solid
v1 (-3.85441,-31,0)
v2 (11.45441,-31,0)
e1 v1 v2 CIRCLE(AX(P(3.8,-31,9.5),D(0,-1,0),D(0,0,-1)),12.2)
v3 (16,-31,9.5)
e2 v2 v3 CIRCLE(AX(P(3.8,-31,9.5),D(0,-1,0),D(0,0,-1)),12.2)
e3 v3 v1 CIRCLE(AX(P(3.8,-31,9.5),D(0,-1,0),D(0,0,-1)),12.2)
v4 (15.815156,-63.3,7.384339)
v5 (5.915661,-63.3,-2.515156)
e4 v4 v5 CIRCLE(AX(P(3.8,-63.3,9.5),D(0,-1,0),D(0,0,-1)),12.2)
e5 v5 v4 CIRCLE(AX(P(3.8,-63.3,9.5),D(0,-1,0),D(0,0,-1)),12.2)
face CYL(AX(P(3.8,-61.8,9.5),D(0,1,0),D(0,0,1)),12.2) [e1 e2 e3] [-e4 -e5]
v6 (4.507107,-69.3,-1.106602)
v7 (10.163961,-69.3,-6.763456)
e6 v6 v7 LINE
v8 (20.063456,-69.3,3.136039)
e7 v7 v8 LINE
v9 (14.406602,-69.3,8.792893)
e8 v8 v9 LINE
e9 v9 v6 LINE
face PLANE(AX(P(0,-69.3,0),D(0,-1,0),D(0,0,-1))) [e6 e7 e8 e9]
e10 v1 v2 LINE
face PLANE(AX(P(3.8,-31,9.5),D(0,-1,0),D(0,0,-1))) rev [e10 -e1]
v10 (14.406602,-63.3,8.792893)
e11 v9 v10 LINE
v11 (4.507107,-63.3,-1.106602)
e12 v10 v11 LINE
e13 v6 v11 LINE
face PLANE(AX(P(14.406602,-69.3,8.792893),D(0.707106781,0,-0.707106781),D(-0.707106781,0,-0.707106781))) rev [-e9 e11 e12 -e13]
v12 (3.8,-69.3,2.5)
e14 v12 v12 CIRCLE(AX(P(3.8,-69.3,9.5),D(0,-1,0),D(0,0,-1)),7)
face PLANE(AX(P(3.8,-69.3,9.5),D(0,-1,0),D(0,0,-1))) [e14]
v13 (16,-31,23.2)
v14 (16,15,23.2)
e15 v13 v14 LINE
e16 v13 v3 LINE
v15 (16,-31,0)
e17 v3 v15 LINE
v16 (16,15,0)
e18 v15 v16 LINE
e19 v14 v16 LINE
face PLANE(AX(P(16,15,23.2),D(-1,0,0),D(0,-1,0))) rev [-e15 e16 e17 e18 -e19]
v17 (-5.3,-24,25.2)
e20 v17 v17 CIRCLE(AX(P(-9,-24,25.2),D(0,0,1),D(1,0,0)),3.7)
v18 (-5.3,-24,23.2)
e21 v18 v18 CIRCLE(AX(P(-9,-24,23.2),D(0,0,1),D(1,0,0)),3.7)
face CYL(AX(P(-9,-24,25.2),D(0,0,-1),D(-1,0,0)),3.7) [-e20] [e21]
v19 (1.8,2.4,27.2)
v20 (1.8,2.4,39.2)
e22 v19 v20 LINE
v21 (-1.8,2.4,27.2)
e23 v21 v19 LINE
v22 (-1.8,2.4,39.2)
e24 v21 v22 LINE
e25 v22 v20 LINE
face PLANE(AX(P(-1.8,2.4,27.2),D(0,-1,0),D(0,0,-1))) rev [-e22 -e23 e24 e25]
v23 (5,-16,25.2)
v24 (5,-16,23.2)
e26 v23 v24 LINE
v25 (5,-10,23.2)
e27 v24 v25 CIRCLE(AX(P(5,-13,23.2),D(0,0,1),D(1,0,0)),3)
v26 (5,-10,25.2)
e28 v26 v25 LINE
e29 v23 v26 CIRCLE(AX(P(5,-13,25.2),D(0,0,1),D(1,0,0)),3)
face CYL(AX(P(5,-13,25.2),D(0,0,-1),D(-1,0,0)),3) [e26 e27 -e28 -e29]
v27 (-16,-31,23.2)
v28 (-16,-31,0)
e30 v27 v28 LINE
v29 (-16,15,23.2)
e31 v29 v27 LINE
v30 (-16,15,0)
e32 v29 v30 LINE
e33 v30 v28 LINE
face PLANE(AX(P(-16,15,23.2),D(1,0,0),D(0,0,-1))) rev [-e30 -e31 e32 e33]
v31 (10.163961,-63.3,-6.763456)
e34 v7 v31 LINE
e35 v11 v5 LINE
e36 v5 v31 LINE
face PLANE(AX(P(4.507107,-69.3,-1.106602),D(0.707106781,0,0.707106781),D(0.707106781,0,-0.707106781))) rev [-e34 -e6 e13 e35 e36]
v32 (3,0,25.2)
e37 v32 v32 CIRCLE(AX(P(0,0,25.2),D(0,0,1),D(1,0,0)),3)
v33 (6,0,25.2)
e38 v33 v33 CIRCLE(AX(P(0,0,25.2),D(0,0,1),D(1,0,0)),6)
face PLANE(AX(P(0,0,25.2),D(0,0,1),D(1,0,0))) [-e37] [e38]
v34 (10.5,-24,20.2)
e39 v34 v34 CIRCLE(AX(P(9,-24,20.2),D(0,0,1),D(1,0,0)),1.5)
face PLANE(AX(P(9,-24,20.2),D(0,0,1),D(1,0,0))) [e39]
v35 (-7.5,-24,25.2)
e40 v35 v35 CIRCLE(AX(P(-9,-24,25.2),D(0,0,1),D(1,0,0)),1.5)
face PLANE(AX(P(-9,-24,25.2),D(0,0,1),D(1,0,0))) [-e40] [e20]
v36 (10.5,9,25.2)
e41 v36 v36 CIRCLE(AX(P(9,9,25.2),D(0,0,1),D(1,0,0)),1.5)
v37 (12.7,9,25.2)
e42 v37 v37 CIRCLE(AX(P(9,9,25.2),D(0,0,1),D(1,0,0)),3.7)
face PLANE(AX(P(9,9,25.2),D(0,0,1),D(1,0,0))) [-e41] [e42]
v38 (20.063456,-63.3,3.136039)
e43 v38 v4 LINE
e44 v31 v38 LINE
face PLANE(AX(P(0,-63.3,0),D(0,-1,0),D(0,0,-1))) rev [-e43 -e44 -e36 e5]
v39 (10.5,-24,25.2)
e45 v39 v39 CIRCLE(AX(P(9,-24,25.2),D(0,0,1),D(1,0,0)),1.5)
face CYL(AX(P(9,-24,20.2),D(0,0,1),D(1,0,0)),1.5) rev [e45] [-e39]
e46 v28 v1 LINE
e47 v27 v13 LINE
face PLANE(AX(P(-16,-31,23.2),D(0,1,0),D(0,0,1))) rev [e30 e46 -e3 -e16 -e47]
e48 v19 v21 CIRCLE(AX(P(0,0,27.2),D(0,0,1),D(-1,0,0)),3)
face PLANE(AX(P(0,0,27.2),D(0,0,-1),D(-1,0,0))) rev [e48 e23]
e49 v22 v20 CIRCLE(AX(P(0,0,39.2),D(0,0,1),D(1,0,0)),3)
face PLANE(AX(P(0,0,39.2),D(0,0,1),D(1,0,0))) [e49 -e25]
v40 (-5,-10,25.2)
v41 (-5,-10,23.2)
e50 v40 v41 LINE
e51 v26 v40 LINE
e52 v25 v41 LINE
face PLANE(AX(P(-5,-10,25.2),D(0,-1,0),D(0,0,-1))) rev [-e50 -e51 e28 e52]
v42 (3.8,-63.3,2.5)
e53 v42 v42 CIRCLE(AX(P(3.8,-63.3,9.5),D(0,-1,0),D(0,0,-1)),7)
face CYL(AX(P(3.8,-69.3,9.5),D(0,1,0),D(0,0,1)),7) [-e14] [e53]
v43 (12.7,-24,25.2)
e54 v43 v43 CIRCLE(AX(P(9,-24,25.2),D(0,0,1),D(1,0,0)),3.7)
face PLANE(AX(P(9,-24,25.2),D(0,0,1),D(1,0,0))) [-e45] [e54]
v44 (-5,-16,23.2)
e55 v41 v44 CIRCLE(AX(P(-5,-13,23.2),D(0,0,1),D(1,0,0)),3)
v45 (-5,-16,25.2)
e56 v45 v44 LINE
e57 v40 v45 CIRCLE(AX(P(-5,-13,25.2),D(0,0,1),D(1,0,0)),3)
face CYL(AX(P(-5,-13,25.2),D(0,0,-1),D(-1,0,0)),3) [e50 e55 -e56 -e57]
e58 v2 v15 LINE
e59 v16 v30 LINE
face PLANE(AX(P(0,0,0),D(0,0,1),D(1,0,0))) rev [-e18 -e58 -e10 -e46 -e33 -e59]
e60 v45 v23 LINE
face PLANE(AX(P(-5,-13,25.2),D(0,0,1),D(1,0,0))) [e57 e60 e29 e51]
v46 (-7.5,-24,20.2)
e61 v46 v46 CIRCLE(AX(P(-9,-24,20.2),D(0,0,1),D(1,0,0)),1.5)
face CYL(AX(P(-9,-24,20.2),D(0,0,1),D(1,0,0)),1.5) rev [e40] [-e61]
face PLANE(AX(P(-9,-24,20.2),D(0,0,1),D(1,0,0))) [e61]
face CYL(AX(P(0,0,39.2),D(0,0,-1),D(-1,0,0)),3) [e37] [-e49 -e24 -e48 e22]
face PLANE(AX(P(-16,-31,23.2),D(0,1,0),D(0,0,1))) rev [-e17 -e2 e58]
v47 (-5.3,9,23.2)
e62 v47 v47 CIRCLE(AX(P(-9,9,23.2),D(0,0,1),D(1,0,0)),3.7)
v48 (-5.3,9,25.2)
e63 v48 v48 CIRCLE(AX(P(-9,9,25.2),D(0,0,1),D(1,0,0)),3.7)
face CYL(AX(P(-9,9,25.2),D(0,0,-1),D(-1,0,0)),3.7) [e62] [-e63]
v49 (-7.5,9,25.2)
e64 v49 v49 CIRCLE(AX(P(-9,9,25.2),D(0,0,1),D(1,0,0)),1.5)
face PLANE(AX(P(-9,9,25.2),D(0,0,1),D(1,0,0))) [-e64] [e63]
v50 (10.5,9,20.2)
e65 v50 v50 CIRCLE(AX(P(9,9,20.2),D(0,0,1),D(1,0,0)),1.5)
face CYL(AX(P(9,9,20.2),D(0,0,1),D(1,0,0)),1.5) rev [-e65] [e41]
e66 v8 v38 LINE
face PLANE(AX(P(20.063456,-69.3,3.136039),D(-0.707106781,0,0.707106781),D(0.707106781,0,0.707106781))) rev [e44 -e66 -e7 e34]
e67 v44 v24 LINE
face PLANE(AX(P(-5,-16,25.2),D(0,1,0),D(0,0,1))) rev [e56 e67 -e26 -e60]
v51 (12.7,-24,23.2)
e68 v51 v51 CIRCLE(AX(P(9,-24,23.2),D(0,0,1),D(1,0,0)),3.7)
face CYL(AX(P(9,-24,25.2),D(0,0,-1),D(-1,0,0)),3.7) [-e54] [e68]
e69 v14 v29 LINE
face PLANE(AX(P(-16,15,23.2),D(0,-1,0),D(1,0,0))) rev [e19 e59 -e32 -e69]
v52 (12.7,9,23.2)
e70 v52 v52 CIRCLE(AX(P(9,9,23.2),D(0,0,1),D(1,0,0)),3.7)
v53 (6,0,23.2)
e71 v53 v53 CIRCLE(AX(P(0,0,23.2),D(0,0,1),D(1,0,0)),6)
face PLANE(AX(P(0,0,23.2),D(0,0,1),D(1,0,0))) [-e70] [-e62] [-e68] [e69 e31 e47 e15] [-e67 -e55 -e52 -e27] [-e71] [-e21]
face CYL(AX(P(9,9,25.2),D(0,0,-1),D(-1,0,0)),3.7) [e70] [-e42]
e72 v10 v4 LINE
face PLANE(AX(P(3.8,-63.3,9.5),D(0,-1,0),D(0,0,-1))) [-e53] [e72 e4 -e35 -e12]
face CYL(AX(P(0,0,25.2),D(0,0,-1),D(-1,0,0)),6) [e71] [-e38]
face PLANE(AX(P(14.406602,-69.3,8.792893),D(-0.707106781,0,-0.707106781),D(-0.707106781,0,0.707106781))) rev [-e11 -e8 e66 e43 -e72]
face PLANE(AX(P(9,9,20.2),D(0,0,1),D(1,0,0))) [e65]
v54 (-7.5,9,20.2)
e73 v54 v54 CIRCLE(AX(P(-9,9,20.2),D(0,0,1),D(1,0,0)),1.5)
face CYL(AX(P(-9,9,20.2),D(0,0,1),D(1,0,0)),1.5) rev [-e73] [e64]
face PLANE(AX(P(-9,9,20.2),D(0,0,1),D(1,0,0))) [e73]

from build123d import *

# Parameters (mm, degrees)
SKETCH_372_W           = 32
SKETCH_372_H           = 46
EXTRUDE_487_DEPTH      = 23.2
SKETCH_1_R             = 12.2
EXTRUDE_677_DEPTH      = 30.8
SKETCH_726_R           = 3.7
EXTRUDE_1207_DEPTH     = 2
SKETCH_904_R           = 6
EXTRUDE_1247_DEPTH     = 2
EXTRUDE_1287_DEPTH     = 2
SKETCH_6_R             = 3
EXTRUDE_1383_DEPTH     = 14
CUT_EXTRUDE_START      = -12
CUT_EXTRUDE_1539_DEPTH = 12
SKETCH_1587_R          = 1.5
CUT_EXTRUDE_1690_DEPTH = 5
SKETCH_1732_R          = 12.2
EXTRUDE_1777_DEPTH     = 1.5
SKETCH_10_R            = 7
EXTRUDE_1879_DEPTH     = 6
EXTRUDE_2129_DEPTH     = 6


with BuildPart() as part:
    # Sketch 372 → Extrude 487 (new body)
    with BuildSketch(Plane.XY):
        with Locations((0, -8)):
            Rectangle(SKETCH_372_W, SKETCH_372_H)
    extrude(amount=EXTRUDE_487_DEPTH)

    # Эскиз1 → Extrude 677 (add)
    with BuildSketch(Plane.XZ.offset(31)):
        with Locations((3.8, 9.5)):
            Circle(SKETCH_1_R)
    extrude(amount=EXTRUDE_677_DEPTH)

    # Sketch 726 → Extrude 1207 (add)
    with BuildSketch(Plane.XY.offset(23.2)):
        with Locations((-9, 9)):
            Circle(SKETCH_726_R)
        with Locations((9, 9)):
            Circle(SKETCH_726_R)
        with Locations((9, -24)):
            Circle(SKETCH_726_R)
        with Locations((-9, -24)):
            Circle(SKETCH_726_R)
    extrude(amount=EXTRUDE_1207_DEPTH)

    # Sketch 904 → Extrude 1247 (add)
    with BuildSketch(Plane.XY.offset(23.2)):
        Circle(SKETCH_904_R)
    extrude(amount=EXTRUDE_1247_DEPTH)

    # Sketch 1024 → Extrude 1287 (add)
    with BuildSketch(Plane.XY.offset(23.2)):
        with BuildLine():
            Line((-5, -10), (5, -10))
            ThreePointArc((5, -10), (8, -13), (5, -16))
            Line((5, -16), (-5, -16))
            ThreePointArc((-5, -16), (-8, -13), (-5, -10))
        make_face()
    extrude(amount=EXTRUDE_1287_DEPTH)

    # Эскиз6 → Extrude 1383 (add)
    with BuildSketch(Plane.XY.offset(25.2)):
        Circle(SKETCH_6_R)
    extrude(amount=EXTRUDE_1383_DEPTH)

    # d-вал → Cut-Extrude 1539 (cut)
    with BuildSketch(Plane.XY.offset(39.2).offset(CUT_EXTRUDE_START)):
        with BuildLine():
            Line((-1.8, 2.4), (1.8, 2.4))
            ThreePointArc((1.8, 2.4), (0, 3), (-1.8, 2.4))
        make_face()
    extrude(amount=CUT_EXTRUDE_1539_DEPTH, mode=Mode.SUBTRACT)

    # Sketch 1587 → Cut-Extrude 1690 (cut)
    with BuildSketch(Plane.XY.offset(25.2)):
        with Locations((9, 9)):
            Circle(SKETCH_1587_R)
        with Locations((9, -24)):
            Circle(SKETCH_1587_R)
        with Locations((-9, 9)):
            Circle(SKETCH_1587_R)
        with Locations((-9, -24)):
            Circle(SKETCH_1587_R)
    extrude(amount=-CUT_EXTRUDE_1690_DEPTH, mode=Mode.SUBTRACT)

    # Sketch 1732 → Extrude 1777 (add)
    with BuildSketch(Plane.XZ.offset(61.8)):
        with Locations((3.8, 9.5)):
            Circle(SKETCH_1732_R)
    extrude(amount=EXTRUDE_1777_DEPTH)

    # Эскиз10 → Extrude 1879 (add)
    with BuildSketch(Plane.XZ.offset(63.3)):
        with Locations(Location((3.8, 9.5, 0), (0, 0, 270))):
            Circle(SKETCH_10_R)
    extrude(amount=EXTRUDE_1879_DEPTH)

    # Sketch 1921 → Extrude 2129 (add)
    with BuildSketch(Plane.XZ.offset(63.3)):
        Polygon((14.406601718, 8.792893219), (20.063455967, 3.136038969), (10.163961031, -6.763455967), (4.507106781, -1.106601718), align=None)
    extrude(amount=EXTRUDE_2129_DEPTH)


solid = part.part
